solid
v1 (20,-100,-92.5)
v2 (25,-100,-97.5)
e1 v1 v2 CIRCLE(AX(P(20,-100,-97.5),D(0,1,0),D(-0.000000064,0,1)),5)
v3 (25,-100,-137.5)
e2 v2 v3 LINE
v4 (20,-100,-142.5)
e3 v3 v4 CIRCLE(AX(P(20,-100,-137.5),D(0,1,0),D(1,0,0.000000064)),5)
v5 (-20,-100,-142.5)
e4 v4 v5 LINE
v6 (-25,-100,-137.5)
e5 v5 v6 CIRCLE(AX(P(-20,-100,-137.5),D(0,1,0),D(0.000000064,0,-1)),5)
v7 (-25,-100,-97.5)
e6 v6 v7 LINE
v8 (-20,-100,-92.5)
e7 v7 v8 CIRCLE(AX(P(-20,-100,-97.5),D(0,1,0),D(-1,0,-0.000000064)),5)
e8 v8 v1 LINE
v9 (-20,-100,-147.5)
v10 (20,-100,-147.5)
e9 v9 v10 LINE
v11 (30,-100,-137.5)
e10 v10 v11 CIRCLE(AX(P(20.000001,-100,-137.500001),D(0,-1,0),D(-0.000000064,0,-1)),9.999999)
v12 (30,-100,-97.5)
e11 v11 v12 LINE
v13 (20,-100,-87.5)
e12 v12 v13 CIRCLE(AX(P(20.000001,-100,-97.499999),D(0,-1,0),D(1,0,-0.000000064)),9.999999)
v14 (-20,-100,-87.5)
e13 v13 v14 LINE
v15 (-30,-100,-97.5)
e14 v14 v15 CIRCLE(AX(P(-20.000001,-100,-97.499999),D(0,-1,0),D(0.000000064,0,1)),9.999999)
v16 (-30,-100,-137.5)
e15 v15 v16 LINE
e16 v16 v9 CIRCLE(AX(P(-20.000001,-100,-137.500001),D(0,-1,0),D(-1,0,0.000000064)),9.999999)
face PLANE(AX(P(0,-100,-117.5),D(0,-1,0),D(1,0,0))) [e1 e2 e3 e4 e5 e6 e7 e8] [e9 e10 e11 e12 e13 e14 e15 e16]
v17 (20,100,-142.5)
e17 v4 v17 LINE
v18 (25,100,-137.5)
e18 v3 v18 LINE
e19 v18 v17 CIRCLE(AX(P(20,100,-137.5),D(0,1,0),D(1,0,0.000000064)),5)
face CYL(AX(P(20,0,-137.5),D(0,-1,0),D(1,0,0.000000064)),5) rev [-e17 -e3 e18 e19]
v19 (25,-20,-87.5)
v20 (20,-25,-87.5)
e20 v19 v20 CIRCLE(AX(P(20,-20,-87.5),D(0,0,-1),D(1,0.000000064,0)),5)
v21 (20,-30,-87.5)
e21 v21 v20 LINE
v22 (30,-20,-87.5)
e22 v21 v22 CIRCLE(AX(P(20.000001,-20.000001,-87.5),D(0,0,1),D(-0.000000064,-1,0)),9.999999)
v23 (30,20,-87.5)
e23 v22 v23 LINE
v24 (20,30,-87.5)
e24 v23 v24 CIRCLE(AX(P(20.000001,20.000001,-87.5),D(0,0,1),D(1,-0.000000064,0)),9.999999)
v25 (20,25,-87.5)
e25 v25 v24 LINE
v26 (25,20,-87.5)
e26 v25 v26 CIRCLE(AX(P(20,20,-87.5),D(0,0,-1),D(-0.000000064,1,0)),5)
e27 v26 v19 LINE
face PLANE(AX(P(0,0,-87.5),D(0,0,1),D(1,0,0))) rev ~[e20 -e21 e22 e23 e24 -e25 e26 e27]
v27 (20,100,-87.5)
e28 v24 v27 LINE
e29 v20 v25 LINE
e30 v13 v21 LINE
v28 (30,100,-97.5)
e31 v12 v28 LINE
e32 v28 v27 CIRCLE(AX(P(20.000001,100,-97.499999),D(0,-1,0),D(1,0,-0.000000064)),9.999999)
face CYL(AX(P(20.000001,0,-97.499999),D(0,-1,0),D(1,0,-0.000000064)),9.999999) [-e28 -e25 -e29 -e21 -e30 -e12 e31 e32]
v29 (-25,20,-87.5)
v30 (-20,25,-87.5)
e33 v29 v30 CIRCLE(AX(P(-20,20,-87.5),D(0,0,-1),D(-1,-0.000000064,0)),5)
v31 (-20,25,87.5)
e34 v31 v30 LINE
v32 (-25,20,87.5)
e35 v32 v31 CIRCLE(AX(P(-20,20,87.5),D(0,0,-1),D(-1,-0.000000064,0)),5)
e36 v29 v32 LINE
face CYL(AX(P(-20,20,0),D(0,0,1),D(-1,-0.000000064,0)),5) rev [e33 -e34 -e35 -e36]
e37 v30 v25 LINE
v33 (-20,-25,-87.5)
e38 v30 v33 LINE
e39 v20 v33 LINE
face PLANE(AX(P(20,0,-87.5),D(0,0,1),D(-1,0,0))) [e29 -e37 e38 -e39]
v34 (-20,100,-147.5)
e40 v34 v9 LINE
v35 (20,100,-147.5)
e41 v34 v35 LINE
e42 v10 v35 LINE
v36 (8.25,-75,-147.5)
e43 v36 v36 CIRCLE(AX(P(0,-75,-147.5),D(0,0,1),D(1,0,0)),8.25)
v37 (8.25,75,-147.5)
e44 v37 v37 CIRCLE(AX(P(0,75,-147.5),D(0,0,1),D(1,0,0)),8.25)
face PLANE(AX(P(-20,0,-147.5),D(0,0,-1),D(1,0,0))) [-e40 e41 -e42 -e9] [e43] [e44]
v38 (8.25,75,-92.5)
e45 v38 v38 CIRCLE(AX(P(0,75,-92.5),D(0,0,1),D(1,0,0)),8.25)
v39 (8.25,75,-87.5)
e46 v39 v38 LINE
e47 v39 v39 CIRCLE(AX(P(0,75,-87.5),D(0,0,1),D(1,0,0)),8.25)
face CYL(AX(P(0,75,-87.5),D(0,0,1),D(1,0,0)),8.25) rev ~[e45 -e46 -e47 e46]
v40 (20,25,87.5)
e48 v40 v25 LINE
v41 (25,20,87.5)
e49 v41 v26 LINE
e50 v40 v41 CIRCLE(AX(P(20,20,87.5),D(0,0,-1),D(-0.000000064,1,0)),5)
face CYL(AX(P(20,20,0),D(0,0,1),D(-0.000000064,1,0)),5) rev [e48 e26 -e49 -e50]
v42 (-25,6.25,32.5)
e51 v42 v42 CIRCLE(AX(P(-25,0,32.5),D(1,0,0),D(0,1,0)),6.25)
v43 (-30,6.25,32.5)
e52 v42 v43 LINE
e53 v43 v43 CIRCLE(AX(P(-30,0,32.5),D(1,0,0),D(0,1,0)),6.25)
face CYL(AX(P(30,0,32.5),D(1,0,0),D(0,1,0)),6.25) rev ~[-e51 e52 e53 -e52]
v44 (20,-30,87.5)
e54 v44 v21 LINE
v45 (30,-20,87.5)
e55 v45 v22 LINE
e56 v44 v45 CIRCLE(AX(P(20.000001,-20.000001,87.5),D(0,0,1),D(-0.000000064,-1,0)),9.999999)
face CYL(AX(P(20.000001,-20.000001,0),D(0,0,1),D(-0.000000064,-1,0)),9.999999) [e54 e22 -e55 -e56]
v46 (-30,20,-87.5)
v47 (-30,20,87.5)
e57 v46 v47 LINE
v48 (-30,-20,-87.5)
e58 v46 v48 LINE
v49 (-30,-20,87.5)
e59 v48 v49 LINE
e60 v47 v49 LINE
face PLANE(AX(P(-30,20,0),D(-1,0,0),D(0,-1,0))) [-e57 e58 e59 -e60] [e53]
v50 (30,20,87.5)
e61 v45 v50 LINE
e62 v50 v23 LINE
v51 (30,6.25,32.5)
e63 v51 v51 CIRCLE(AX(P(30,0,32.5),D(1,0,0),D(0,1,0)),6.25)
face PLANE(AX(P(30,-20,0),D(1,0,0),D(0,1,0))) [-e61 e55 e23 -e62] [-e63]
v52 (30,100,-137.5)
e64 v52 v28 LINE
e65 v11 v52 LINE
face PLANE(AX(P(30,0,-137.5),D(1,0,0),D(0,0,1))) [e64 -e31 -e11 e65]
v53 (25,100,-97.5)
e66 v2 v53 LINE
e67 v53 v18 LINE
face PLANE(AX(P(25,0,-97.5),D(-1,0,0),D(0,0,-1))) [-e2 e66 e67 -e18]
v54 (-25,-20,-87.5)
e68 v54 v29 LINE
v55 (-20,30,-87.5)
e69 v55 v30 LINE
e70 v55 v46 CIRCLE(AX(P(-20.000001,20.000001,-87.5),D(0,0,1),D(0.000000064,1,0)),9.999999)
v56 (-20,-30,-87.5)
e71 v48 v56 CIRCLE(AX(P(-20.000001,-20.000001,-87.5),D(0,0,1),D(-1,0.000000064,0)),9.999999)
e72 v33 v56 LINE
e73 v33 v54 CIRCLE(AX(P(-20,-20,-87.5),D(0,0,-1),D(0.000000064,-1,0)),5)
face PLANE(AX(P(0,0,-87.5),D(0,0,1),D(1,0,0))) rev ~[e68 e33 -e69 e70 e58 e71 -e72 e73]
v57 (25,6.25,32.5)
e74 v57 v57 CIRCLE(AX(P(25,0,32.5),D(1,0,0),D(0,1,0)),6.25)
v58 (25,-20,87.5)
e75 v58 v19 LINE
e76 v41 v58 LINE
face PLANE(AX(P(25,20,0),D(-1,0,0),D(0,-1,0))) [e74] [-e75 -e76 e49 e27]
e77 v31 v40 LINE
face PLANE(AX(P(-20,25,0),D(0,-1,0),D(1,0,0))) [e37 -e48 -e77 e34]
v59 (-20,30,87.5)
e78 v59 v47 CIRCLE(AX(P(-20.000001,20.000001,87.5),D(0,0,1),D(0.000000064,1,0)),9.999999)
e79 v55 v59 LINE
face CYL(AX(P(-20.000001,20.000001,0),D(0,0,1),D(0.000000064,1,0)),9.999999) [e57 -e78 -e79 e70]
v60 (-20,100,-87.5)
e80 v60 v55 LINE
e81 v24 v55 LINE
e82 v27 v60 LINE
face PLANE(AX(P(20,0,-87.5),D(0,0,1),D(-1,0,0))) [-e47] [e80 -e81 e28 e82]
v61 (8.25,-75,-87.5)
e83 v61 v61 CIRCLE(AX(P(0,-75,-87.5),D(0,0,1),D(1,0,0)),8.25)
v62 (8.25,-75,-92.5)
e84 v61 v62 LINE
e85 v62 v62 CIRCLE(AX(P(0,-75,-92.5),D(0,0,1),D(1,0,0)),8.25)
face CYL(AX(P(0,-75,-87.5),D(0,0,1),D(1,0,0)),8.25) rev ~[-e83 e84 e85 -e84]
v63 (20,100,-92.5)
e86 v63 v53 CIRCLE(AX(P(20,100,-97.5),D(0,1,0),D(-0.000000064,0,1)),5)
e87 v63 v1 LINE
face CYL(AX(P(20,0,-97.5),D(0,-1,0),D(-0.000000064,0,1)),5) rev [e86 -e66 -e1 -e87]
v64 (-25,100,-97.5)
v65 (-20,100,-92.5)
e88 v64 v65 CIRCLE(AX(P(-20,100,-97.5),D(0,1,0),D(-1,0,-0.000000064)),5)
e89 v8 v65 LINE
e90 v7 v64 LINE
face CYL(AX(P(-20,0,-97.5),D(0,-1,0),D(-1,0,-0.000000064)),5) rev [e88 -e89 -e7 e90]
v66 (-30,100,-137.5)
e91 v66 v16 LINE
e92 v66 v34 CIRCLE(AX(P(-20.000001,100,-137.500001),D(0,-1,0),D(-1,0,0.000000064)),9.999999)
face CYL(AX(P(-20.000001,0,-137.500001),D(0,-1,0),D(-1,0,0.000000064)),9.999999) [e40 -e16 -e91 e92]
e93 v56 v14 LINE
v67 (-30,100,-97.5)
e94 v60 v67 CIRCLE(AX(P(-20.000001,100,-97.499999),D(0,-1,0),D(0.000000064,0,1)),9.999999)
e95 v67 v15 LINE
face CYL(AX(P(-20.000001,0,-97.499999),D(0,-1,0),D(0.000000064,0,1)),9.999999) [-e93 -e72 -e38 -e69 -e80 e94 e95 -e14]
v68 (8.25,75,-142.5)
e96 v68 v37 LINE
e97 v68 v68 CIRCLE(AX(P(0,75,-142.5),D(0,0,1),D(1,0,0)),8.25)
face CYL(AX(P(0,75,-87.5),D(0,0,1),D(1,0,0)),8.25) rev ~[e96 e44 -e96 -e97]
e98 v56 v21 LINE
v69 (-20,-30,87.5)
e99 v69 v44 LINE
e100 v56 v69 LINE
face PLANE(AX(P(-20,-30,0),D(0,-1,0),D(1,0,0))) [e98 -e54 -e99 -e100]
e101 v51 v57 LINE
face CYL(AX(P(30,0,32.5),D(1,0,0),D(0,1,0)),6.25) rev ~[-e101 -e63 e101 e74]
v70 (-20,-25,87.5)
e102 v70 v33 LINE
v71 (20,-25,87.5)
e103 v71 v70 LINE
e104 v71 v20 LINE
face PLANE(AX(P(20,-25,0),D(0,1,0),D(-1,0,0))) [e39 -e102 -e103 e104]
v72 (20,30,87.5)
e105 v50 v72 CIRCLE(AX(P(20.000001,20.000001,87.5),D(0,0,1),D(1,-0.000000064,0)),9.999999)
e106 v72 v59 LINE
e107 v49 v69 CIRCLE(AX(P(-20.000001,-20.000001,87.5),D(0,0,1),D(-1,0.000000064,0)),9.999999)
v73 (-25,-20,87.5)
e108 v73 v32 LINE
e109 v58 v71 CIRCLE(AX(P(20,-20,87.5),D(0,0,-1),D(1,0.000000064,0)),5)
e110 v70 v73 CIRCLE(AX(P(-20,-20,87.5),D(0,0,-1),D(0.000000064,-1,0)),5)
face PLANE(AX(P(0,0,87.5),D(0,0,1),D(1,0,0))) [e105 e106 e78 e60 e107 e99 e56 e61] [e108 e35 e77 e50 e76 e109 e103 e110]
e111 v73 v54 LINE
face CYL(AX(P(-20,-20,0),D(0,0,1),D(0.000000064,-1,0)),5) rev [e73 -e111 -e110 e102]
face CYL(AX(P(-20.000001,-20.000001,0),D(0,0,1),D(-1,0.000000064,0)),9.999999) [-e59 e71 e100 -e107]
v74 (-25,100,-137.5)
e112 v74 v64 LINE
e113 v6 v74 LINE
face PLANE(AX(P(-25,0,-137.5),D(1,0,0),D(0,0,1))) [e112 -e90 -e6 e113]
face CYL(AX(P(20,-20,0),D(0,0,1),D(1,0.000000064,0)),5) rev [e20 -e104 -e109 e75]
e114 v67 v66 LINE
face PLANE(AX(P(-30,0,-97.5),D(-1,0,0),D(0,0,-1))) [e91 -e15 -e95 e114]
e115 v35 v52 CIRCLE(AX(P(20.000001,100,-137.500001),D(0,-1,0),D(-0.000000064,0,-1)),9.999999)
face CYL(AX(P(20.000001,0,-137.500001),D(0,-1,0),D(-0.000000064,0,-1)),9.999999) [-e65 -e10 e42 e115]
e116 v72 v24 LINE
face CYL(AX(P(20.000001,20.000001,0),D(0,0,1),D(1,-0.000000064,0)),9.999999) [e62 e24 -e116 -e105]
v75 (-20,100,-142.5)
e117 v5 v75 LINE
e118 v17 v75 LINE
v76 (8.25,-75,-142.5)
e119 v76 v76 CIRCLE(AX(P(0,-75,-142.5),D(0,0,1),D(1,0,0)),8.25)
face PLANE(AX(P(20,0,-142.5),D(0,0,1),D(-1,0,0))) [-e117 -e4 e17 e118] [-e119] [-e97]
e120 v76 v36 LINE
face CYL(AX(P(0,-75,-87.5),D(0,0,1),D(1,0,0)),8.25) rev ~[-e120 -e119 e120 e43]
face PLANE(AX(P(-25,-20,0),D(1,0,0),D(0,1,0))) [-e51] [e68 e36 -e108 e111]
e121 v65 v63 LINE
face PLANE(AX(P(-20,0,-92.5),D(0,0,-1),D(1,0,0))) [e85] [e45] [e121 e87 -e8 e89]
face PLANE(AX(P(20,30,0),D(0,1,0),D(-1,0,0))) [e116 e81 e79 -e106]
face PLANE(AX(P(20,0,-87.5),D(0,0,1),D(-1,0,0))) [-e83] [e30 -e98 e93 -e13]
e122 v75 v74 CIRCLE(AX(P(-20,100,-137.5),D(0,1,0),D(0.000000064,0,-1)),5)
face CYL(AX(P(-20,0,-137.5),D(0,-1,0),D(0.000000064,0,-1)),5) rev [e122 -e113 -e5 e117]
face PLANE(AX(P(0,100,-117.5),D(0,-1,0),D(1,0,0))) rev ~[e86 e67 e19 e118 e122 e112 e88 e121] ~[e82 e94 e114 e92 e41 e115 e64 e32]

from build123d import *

# Parameters (mm, degrees)
F1_DEPTH = 87.5
F3_DEPTH = 100
F4_R     = 8.25
F5_DEPTH = 60.001
F6_R     = 6.25
F7_DEPTH = 60.001


with BuildPart() as f1:
    # F0 (on Top) → F1 (new body, symmetric)
    with BuildSketch(Plane.XY):
        with BuildLine():
            Line((20, 30), (-20, 30))
            ThreePointArc((-20, 30), (-27.071068, 27.071068), (-30, 20))
            Line((-30, 20), (-30, -20))
            ThreePointArc((-30, -20), (-27.071068, -27.071068), (-20, -30))
            Line((-20, -30), (20, -30))
            ThreePointArc((20, -30), (27.071068, -27.071068), (30, -20))
            Line((30, -20), (30, 20))
            ThreePointArc((30, 20), (27.071068, 27.071068), (20, 30))
        make_face()
        with BuildLine():
            ThreePointArc((-25, 20), (-23.535534, 23.535534), (-20, 25))
            Line((-20, 25), (20, 25))
            ThreePointArc((20, 25), (23.535534, 23.535534), (25, 20))
            Line((25, 20), (25, -20))
            ThreePointArc((25, -20), (23.535534, -23.535534), (20, -25))
            Line((20, -25), (-20, -25))
            ThreePointArc((-20, -25), (-23.535534, -23.535534), (-25, -20))
            Line((-25, -20), (-25, 20))
        make_face(mode=Mode.SUBTRACT)
    extrude(amount=F1_DEPTH, both=True)

    # F2 (on Front) → F3 (join, symmetric)
    with BuildSketch(Plane.XZ):
        with BuildLine():
            Line((20, -87.5), (-20, -87.5))
            ThreePointArc((-20, -87.5), (-27.071068, -90.428932), (-30, -97.5))
            Line((-30, -97.5), (-30, -137.5))
            ThreePointArc((-30, -137.5), (-27.071068, -144.571068), (-20, -147.5))
            Line((-20, -147.5), (20, -147.5))
            ThreePointArc((20, -147.5), (27.071068, -144.571068), (30, -137.5))
            Line((30, -137.5), (30, -97.5))
            ThreePointArc((30, -97.5), (27.071068, -90.428932), (20, -87.5))
        make_face()
        with BuildLine():
            ThreePointArc((20, -92.5), (23.535534, -93.964466), (25, -97.5))
            Line((25, -97.5), (25, -137.5))
            ThreePointArc((25, -137.5), (23.535534, -141.035534), (20, -142.5))
            Line((20, -142.5), (-20, -142.5))
            ThreePointArc((-20, -142.5), (-23.535534, -141.035534), (-25, -137.5))
            Line((-25, -137.5), (-25, -97.5))
            ThreePointArc((-25, -97.5), (-23.535534, -93.964466), (-20, -92.5))
            Line((-20, -92.5), (20, -92.5))
        make_face(mode=Mode.SUBTRACT)
    extrude(amount=F3_DEPTH, both=True)

    # F4 (on face) → F5 (cut, through all)
    with BuildSketch(Plane.XY.offset(-87.5)):
        with Locations((0, 75)):
            Circle(F4_R)
        with Locations((0, -75)):
            Circle(F4_R)
    extrude(amount=-F5_DEPTH, mode=Mode.SUBTRACT)

    # F6 (on face) → F7 (cut, through all)
    with BuildSketch(Plane.YZ.offset(30)):
        with Locations((0, 32.5)):
            Circle(F6_R)
    extrude(amount=-F7_DEPTH, mode=Mode.SUBTRACT)


solid = f1.part
